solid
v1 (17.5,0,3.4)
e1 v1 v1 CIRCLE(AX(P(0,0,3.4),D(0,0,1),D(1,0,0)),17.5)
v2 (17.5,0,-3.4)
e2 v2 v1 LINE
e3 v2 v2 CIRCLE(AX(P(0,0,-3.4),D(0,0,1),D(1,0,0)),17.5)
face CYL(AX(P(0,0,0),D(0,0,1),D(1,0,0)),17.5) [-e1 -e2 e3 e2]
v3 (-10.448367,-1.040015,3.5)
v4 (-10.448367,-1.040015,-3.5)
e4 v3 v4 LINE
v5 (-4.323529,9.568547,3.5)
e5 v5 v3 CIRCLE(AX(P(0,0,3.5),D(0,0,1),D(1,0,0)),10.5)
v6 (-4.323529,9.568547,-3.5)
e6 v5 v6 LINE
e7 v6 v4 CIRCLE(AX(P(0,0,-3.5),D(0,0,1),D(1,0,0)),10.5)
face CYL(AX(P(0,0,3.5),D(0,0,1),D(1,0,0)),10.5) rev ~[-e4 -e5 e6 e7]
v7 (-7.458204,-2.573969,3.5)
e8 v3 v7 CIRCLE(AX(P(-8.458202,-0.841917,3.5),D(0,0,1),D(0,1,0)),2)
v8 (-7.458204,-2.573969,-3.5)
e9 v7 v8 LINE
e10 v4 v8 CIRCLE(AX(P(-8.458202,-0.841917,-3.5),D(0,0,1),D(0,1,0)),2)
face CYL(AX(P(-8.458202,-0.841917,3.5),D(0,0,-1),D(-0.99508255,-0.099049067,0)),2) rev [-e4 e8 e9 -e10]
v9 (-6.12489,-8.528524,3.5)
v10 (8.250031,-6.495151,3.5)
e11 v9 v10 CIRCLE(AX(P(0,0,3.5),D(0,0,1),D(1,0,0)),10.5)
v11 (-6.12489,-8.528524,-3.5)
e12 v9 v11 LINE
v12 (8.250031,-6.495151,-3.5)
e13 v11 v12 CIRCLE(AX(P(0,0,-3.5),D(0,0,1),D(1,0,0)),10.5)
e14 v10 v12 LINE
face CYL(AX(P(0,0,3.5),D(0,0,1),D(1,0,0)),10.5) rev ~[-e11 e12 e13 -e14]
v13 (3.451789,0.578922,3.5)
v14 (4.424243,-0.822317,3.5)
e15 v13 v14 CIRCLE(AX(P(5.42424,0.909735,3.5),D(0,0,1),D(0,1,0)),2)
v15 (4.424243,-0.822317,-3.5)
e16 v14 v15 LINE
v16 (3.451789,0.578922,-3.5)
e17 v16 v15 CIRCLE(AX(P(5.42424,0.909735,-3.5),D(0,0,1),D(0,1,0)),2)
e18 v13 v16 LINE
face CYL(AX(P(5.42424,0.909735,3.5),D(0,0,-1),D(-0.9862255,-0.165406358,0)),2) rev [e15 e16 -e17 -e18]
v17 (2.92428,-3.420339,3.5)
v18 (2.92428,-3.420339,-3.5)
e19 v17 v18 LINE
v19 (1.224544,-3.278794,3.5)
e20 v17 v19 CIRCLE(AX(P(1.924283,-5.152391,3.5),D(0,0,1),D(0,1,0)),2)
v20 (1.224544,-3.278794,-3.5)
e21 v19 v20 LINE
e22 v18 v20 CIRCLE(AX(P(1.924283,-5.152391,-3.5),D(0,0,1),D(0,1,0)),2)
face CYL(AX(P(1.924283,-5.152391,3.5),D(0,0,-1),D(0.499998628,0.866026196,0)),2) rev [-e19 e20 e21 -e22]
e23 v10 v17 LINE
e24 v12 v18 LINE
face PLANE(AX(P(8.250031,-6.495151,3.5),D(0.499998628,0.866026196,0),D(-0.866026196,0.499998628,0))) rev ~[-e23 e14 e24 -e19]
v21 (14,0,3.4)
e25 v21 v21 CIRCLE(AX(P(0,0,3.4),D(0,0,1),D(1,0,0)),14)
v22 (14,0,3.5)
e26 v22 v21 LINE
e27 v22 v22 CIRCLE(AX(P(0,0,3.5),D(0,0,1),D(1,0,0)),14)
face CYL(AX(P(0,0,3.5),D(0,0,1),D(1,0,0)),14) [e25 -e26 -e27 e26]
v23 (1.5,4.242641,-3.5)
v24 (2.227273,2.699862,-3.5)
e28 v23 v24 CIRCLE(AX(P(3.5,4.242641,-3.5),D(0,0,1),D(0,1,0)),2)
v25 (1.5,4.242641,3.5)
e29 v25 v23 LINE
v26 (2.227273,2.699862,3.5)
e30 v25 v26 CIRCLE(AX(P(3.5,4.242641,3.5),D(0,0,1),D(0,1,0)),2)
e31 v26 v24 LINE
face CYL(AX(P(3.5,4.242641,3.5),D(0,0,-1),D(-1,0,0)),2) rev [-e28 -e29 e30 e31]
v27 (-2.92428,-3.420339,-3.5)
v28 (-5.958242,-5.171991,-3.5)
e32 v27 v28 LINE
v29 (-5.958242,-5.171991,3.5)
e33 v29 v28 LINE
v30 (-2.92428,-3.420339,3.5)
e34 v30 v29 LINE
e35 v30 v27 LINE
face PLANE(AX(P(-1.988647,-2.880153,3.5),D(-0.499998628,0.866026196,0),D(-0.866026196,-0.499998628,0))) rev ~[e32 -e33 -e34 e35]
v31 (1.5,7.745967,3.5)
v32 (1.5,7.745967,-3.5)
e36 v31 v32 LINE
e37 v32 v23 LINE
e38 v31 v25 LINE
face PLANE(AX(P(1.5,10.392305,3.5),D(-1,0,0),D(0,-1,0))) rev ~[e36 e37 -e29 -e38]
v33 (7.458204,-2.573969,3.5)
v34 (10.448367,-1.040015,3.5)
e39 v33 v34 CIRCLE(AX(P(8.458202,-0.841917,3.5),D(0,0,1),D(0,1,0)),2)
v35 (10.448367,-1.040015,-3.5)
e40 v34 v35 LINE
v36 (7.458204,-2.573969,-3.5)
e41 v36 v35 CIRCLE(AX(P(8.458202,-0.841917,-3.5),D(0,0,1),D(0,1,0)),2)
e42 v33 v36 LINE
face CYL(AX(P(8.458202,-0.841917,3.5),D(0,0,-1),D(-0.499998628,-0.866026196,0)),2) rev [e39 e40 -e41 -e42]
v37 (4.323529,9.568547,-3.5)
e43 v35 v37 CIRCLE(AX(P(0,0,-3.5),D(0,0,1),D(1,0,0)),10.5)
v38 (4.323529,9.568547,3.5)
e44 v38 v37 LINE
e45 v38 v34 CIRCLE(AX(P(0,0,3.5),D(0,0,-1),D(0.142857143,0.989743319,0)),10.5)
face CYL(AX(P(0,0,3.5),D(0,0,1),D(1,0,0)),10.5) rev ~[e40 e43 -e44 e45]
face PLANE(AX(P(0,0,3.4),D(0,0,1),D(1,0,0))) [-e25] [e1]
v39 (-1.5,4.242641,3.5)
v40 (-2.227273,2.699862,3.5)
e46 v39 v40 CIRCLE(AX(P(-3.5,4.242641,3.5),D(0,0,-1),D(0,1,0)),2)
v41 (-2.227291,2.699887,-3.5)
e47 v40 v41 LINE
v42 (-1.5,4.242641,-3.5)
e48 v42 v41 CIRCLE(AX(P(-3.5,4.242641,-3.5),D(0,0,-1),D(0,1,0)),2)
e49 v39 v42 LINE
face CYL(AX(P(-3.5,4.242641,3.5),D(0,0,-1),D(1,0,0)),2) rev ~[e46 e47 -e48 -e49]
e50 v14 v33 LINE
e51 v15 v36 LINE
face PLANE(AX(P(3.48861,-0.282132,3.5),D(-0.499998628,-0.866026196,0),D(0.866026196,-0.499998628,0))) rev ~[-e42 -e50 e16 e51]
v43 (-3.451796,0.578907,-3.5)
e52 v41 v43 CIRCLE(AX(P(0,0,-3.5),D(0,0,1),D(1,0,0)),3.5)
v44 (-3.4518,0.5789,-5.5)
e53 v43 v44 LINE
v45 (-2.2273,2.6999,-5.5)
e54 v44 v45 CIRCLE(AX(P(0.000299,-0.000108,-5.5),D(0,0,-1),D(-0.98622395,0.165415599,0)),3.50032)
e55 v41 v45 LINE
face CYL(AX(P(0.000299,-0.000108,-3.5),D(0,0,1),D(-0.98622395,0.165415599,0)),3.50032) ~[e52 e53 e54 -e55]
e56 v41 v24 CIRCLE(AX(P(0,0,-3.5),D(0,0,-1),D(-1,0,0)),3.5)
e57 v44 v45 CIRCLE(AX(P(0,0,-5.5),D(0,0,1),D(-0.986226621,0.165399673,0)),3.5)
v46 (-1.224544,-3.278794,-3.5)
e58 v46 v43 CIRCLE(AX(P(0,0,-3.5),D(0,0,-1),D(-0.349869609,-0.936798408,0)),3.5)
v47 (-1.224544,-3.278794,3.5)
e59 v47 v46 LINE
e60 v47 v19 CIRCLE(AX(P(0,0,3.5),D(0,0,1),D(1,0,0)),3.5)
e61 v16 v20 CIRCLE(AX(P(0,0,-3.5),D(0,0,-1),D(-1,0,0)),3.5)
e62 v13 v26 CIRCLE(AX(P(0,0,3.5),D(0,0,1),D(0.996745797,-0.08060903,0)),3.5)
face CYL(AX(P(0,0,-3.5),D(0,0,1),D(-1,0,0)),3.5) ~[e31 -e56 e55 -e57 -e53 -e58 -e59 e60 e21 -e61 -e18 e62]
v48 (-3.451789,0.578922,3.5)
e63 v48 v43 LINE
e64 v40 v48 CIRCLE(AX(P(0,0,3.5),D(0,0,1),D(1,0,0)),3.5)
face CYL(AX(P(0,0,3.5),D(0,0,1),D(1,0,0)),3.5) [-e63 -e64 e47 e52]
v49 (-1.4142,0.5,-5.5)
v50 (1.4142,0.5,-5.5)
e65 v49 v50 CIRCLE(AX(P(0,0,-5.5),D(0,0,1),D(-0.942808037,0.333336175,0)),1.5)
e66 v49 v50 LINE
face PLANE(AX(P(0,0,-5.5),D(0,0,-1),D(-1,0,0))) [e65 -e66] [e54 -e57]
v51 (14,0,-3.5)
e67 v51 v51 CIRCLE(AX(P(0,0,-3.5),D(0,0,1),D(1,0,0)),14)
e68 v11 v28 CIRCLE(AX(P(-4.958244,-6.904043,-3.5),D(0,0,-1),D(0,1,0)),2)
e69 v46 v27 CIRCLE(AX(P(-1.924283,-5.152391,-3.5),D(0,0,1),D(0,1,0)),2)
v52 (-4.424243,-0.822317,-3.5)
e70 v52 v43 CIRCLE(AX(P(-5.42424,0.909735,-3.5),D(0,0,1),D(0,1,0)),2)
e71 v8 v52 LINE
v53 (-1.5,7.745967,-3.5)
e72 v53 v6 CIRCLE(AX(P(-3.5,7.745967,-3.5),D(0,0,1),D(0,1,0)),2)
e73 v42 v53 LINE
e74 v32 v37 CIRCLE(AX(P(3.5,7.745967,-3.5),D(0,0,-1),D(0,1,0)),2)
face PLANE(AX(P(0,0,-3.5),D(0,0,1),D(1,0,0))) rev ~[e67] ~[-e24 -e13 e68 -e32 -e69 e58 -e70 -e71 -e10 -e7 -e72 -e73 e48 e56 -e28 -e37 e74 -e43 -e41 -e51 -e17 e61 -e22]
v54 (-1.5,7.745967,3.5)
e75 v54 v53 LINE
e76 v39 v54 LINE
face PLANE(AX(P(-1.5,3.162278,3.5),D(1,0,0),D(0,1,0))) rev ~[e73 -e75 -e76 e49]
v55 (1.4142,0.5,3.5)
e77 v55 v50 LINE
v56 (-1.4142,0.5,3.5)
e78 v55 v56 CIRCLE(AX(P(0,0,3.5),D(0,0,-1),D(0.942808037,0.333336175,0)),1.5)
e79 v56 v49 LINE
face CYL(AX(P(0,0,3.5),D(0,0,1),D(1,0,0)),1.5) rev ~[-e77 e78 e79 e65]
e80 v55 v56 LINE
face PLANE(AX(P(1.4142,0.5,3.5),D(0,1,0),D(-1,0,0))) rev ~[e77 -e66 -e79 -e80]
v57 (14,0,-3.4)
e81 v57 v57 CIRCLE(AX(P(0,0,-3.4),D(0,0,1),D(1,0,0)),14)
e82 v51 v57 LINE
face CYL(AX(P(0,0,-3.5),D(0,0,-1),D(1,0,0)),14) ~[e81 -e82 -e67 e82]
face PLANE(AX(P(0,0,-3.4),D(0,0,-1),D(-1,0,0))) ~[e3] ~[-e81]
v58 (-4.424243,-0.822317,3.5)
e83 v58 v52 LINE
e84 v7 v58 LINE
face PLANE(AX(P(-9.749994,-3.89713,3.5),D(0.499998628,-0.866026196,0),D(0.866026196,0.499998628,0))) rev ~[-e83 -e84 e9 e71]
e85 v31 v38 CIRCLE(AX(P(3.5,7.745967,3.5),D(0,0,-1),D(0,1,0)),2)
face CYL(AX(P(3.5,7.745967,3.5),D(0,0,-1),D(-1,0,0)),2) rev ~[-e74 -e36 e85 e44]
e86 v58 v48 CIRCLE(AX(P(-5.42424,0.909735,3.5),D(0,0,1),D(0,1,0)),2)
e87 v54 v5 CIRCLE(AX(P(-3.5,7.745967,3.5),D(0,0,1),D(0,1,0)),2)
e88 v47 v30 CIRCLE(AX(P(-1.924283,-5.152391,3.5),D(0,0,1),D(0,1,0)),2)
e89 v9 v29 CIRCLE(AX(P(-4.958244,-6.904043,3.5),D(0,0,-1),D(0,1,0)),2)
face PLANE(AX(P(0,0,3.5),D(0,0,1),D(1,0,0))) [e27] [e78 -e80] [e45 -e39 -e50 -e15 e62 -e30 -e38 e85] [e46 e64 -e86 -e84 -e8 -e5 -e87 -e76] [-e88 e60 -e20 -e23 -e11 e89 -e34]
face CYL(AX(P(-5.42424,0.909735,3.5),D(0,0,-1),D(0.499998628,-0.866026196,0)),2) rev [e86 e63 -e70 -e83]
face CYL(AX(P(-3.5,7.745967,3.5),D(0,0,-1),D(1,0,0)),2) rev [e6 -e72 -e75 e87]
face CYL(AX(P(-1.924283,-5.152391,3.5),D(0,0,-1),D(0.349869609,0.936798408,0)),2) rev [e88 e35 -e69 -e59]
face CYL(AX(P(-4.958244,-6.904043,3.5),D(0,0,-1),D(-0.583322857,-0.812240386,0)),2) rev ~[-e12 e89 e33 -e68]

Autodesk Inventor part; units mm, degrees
ref_plane "YZ Plane" through (0, 0, 0) normal (1, 0, 0) x (0, 1, 0)
ref_plane "XZ Plane" through (0, 0, 0) normal (0, 1, 0) x (-1, 0, 0)
ref_plane "XY Plane" through (0, 0, 0) normal (0, 0, 1) x (1, 0, 0)
sketch "Sketch1" plane through (0, 0, 0) normal (0, 0, 1) x (1, 0, 0)
  circle A0 centre (0, 0) radius 17.5
  dimension "d0" = 35
extrude "Extrusion1" add sketch "Sketch1" along normal mid plane 7
sketch "Sketch2" plane through (0, 0, 3.5) normal (0, 0, 1) x (1, 0, 0)
  circle A0 centre (0, 0) radius 10.5
  circle A1 centre (0, 0) radius 3.5
  line L0 (1.5, 0) -> (-1.5, 0)
  line L1 (-1.5, 0) -> (-1.5, 10.5)
  line L2 (-1.5, 10.5) -> (1.5, 10.5)
  line L3 (1.5, 10.5) -> (1.5, 0)
  line L4 (0.75, -1.299) -> (-8.3433, -6.549)
  line L5 (-9.8433, -3.951) -> (-0.75, 1.299)
  line L6 (0.75, 1.299) -> (9.8433, -3.951)
  line L7 (8.3433, -6.549) -> (-0.75, -1.299)
  point P0 (0, 10.5)
  point P1 (8.25, -6.4952)
  point P2 (1.9886, -2.8802)
  point P3 (-1.9886, -2.8802)
  point P4 (-8.25, -6.4952)
  point P5 (3.4886, -0.2821)
  point P6 (9.75, -3.8971)
  point P7 (1.5, 10.3923)
  point P8 (1.5, 3.1623)
  point P9 (-9.75, -3.8971)
  point P10 (-3.4886, -0.2821)
  point P11 (-1.5, 3.1623)
  point P12 (-1.5, 10.3923)
  dimension "d3" = 21
  dimension "d4" = 7
  dimension "d5" = 3
  dimension "d8" = 360
extrude "Extrusion2" cut sketch "Sketch2" against normal through all contours A0 L6 A1 L3 | A0 L4 A1 L7 | L1 A1 L5 A0
fillet "Fillet1" radius 2 11 edges at (1.5, 3.1623, 0) (3.4886, -0.2821, 0) (9.75, -3.8971, 0) (-8.25, -6.4952, 0) (-9.75, -3.8971, 0) (-3.4886, -0.2821, 0) (-1.5, 3.1623, 0) (1.5, 10.3923, 0) (-1.5, 10.3923, 0) (-1.9886, -2.8802, 0) (1.9886, -2.8802, 0)
sketch "Sketch4" plane through (0, 0, -3.5) normal (0, 0, -1) x (-1, 0, 0)
  circle A0 centre (0, 0) radius 3.5
  arc A1 (3.4518, 0.5789) -> (2.2273, 2.6999) centre (0, 0) ccw projected
extrude "Extrusion4" add sketch "Sketch4" along normal blind 2
sketch "Sketch3" plane through (0, 0, 3.5) normal (0, 0, 1) x (1, 0, 0)
  circle A0 centre (0, 0) radius 1.5
  line L0 (1.4142, 0.5) -> (-1.4142, 0.5)
  dimension "d17" = 3
  dimension "d19" = 2
extrude "Extrusion3" cut sketch "Sketch3" against normal through all contours A0 L0 picked at (0.0393, -0.1651)
sketch "Sketch5" plane through (0, 0, 3.5) normal (0, 0, 1) x (1, 0, 0)
  circle A0 centre (0, 0) radius 14
  circle A1 centre (0, 0) radius 17.5 projected
  dimension "d22" = 28
extrude "Extrusion5" cut sketch "Sketch5" against normal blind 0.1
mirror "Mirror1" about plane through (0, 0, 0) normal (0, 0, 1) of "Extrusion5"
properties part number "front wheel v2"
